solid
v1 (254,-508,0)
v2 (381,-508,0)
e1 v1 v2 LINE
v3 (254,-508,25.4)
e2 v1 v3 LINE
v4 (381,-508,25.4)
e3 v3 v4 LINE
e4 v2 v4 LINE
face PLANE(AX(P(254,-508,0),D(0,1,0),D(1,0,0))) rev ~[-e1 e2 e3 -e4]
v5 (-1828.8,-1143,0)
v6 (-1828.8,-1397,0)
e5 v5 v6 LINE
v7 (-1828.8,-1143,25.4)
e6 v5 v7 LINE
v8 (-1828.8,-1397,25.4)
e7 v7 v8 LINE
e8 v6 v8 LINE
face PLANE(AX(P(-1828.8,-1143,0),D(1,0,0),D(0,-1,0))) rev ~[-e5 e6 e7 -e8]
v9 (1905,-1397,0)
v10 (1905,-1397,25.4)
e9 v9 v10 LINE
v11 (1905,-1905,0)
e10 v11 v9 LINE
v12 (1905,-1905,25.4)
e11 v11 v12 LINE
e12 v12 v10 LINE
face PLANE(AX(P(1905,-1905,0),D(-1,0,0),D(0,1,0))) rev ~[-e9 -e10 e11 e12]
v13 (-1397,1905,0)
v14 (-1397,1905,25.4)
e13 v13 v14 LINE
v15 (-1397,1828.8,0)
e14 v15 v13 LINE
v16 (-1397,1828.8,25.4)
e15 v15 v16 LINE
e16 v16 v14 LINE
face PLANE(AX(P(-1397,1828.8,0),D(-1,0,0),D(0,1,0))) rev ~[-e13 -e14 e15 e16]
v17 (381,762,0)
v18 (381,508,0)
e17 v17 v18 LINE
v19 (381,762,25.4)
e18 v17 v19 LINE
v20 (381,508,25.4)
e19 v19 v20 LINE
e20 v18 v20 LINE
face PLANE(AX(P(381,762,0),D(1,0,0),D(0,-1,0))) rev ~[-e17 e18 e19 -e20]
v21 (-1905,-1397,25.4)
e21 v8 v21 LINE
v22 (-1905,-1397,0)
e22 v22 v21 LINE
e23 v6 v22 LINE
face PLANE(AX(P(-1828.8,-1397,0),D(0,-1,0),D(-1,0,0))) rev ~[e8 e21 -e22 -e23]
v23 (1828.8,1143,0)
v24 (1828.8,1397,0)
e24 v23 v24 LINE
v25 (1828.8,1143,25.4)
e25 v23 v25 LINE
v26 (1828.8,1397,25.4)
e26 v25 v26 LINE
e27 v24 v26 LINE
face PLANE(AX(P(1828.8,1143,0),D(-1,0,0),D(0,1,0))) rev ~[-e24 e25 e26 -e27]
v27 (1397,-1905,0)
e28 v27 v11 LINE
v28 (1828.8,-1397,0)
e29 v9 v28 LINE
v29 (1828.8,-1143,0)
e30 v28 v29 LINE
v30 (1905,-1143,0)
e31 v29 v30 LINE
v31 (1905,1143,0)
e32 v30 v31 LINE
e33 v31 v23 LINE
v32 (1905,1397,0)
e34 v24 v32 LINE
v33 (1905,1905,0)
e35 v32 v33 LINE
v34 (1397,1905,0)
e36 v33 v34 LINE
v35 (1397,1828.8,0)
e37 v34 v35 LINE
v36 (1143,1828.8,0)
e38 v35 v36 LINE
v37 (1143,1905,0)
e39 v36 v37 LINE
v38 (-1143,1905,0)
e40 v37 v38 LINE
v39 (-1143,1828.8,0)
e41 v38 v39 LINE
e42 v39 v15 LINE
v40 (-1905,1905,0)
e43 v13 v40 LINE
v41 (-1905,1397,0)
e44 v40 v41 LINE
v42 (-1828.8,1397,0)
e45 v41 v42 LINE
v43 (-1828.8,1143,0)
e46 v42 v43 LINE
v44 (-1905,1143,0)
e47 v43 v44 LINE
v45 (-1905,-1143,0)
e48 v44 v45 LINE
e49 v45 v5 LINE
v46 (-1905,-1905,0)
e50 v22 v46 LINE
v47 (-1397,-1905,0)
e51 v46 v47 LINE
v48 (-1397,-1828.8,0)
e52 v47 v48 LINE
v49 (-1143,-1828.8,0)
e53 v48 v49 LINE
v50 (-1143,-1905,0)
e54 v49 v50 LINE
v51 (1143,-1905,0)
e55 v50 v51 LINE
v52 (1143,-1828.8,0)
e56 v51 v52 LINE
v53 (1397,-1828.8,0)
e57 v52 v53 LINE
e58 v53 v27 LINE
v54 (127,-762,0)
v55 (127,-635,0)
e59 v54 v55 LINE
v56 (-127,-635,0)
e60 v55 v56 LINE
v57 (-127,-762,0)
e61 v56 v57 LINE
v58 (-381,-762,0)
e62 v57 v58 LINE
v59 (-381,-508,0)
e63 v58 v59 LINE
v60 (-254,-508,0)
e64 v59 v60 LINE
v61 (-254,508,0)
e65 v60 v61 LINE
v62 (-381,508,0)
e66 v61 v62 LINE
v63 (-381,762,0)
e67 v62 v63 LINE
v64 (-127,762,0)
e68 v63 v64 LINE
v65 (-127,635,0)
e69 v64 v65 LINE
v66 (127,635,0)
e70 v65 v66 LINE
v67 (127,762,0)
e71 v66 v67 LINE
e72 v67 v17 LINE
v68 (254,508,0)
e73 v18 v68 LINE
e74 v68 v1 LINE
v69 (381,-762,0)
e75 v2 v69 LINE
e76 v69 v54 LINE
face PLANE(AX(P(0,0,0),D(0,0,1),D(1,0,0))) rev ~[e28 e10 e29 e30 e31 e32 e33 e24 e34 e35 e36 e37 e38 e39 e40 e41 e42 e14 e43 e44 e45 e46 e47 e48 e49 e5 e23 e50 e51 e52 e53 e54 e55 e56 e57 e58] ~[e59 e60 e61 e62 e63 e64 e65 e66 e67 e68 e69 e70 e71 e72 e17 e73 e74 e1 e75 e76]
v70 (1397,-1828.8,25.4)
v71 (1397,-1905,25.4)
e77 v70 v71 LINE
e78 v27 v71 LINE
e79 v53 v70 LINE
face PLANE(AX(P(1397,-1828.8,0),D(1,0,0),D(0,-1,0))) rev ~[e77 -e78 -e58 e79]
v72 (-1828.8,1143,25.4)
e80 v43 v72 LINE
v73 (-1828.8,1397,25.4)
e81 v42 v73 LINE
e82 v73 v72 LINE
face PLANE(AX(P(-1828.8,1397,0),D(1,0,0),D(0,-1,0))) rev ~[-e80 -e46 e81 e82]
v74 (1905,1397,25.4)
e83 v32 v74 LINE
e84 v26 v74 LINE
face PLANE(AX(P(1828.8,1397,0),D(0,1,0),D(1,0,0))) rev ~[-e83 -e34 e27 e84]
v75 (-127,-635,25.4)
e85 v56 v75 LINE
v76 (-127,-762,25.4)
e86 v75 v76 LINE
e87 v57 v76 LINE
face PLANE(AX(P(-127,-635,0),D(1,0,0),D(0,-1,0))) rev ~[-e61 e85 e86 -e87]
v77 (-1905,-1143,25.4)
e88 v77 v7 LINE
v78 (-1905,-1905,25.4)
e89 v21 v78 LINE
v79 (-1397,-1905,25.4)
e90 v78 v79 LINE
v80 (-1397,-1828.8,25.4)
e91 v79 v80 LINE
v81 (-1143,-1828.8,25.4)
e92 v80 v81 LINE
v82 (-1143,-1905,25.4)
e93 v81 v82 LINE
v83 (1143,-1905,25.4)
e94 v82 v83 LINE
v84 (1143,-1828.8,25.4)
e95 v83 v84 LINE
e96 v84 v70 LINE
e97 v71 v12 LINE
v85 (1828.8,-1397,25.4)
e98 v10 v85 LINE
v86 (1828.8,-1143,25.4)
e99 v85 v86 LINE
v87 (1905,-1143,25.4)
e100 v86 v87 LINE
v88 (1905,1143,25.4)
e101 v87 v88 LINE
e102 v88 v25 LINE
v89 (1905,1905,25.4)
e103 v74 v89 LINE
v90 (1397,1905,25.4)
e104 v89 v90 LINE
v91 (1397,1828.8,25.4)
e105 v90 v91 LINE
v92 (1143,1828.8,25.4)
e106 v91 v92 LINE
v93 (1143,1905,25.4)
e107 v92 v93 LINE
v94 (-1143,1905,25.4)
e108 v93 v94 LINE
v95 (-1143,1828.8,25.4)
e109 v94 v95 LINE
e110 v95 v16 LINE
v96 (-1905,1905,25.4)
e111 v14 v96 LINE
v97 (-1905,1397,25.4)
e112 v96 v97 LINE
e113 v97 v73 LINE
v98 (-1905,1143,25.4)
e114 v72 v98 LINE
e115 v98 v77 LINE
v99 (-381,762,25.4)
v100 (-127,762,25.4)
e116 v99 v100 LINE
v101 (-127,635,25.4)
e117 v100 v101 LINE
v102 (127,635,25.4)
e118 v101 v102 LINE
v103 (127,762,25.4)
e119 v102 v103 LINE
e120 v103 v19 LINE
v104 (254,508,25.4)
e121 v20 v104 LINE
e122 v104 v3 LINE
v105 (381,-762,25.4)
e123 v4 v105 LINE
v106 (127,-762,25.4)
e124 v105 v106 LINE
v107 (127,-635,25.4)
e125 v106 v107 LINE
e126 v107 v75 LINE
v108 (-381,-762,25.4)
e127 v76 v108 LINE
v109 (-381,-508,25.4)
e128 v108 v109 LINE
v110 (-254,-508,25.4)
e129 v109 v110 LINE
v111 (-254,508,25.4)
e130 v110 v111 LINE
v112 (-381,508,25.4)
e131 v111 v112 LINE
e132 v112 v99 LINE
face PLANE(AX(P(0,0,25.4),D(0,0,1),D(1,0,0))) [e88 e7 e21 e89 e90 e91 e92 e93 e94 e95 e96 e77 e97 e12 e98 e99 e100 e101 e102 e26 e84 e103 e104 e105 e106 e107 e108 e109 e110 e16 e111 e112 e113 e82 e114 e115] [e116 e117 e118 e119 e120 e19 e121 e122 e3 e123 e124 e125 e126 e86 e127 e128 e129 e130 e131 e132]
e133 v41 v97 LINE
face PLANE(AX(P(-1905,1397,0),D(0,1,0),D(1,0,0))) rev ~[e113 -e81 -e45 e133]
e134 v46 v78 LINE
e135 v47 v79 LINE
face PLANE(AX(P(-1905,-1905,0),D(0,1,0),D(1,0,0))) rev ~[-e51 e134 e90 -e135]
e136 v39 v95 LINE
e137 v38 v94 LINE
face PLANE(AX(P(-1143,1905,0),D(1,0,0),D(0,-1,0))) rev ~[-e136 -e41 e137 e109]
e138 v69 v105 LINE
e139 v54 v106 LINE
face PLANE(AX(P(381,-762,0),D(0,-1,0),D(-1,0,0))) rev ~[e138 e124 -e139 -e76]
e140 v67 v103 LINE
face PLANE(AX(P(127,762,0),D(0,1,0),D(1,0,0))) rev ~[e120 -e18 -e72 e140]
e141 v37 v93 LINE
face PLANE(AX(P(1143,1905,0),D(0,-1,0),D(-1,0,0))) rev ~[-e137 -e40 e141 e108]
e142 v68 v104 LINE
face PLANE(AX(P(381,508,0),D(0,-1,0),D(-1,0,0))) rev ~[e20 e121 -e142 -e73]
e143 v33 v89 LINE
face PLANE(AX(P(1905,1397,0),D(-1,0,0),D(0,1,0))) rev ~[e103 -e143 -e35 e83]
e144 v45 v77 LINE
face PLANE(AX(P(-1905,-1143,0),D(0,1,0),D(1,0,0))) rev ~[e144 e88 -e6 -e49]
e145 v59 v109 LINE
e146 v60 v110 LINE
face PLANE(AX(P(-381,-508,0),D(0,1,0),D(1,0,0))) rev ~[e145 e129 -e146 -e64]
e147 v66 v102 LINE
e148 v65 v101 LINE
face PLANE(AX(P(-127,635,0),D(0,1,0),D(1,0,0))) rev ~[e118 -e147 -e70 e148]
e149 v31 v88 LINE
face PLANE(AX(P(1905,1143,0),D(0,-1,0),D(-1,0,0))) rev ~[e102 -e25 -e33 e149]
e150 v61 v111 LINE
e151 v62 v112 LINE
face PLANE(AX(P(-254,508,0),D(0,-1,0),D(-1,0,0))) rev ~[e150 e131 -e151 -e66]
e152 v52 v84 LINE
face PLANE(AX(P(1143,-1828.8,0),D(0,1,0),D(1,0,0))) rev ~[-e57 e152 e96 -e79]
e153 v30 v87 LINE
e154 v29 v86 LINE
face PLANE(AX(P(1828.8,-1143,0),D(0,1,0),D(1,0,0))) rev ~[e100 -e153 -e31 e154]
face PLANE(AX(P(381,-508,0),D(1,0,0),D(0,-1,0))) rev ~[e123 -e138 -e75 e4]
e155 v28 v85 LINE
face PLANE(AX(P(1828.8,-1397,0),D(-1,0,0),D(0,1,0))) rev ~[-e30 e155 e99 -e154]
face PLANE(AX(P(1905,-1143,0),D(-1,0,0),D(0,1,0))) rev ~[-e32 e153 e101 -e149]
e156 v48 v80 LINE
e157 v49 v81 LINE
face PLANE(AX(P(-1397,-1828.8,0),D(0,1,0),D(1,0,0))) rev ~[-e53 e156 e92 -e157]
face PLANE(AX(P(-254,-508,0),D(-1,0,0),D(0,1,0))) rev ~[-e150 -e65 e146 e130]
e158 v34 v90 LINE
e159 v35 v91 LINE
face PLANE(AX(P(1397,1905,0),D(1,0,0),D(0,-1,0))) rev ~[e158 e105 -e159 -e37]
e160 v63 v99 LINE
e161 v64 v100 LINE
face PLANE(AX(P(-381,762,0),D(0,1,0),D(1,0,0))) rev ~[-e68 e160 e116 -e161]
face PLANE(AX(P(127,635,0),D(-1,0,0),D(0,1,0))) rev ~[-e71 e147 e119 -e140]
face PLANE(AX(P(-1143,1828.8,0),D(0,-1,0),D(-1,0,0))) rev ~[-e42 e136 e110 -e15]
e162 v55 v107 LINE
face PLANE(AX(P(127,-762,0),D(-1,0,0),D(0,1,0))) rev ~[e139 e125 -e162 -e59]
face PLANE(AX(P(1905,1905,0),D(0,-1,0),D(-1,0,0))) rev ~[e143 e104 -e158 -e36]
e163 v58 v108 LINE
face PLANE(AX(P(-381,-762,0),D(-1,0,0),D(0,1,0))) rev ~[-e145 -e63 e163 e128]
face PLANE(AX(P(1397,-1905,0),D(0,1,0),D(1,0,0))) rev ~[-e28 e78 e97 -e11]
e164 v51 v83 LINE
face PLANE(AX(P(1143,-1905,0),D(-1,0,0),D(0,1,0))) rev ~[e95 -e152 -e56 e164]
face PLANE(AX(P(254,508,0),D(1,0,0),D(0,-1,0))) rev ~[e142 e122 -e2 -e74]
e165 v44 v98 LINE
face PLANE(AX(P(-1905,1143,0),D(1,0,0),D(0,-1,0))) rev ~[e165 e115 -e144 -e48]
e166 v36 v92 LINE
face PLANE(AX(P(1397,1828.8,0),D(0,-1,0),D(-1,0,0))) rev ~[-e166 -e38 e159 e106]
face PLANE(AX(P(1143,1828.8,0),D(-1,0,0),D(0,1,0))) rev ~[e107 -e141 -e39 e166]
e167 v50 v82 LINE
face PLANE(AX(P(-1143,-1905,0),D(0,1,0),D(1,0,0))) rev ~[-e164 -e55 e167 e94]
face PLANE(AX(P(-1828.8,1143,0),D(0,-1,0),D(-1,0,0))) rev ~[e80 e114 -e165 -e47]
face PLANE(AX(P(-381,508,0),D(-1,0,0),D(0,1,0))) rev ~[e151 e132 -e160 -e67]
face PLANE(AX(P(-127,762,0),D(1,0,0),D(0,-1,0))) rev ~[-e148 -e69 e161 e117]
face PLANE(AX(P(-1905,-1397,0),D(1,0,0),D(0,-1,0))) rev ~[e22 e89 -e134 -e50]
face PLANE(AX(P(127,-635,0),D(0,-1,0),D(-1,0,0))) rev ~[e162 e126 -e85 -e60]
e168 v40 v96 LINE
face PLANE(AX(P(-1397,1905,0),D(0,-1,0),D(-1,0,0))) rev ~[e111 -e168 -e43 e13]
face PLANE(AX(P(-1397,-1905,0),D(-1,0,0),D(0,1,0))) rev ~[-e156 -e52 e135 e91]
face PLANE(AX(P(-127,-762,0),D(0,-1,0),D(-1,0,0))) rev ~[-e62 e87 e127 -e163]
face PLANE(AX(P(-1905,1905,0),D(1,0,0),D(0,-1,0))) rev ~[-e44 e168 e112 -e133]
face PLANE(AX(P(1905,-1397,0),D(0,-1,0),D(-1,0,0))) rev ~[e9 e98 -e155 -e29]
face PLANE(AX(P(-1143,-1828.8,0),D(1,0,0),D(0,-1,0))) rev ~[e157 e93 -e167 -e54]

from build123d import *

# Parameters (mm, degrees)
F1_DEPTH = 25.4


with BuildPart() as f1:
    # F0 (on Top) → F1 (new body)
    with BuildSketch(Plane.XY):
        Polygon((1905, 1397), (1905, 1905), (1397, 1905), (1397, 1828.8), (1143, 1828.8), (1143, 1905), (-1143, 1905), (-1143, 1828.8), (-1397, 1828.8), (-1397, 1905), (-1905, 1905), (-1905, 1397), (-1828.8, 1397), (-1828.8, 1143), (-1905, 1143), (-1905, -1143), (-1828.8, -1143), (-1828.8, -1397), (-1905, -1397), (-1905, -1905), (-1397, -1905), (-1397, -1828.8), (-1143, -1828.8), (-1143, -1905), (1143, -1905), (1143, -1828.8), (1397, -1828.8), (1397, -1905), (1905, -1905), (1905, -1397), (1828.8, -1397), (1828.8, -1143), (1905, -1143), (1905, 1143), (1828.8, 1143), (1828.8, 1397), align=None)
        Polygon((-381, 762), (-127, 762), (-127, 635), (127, 635), (127, 762), (381, 762), (381, 508), (254, 508), (254, -508), (381, -508), (381, -762), (127, -762), (127, -635), (-127, -635), (-127, -762), (-381, -762), (-381, -508), (-254, -508), (-254, 508), (-381, 508), align=None, mode=Mode.SUBTRACT)
    extrude(amount=F1_DEPTH)


solid = f1.part
